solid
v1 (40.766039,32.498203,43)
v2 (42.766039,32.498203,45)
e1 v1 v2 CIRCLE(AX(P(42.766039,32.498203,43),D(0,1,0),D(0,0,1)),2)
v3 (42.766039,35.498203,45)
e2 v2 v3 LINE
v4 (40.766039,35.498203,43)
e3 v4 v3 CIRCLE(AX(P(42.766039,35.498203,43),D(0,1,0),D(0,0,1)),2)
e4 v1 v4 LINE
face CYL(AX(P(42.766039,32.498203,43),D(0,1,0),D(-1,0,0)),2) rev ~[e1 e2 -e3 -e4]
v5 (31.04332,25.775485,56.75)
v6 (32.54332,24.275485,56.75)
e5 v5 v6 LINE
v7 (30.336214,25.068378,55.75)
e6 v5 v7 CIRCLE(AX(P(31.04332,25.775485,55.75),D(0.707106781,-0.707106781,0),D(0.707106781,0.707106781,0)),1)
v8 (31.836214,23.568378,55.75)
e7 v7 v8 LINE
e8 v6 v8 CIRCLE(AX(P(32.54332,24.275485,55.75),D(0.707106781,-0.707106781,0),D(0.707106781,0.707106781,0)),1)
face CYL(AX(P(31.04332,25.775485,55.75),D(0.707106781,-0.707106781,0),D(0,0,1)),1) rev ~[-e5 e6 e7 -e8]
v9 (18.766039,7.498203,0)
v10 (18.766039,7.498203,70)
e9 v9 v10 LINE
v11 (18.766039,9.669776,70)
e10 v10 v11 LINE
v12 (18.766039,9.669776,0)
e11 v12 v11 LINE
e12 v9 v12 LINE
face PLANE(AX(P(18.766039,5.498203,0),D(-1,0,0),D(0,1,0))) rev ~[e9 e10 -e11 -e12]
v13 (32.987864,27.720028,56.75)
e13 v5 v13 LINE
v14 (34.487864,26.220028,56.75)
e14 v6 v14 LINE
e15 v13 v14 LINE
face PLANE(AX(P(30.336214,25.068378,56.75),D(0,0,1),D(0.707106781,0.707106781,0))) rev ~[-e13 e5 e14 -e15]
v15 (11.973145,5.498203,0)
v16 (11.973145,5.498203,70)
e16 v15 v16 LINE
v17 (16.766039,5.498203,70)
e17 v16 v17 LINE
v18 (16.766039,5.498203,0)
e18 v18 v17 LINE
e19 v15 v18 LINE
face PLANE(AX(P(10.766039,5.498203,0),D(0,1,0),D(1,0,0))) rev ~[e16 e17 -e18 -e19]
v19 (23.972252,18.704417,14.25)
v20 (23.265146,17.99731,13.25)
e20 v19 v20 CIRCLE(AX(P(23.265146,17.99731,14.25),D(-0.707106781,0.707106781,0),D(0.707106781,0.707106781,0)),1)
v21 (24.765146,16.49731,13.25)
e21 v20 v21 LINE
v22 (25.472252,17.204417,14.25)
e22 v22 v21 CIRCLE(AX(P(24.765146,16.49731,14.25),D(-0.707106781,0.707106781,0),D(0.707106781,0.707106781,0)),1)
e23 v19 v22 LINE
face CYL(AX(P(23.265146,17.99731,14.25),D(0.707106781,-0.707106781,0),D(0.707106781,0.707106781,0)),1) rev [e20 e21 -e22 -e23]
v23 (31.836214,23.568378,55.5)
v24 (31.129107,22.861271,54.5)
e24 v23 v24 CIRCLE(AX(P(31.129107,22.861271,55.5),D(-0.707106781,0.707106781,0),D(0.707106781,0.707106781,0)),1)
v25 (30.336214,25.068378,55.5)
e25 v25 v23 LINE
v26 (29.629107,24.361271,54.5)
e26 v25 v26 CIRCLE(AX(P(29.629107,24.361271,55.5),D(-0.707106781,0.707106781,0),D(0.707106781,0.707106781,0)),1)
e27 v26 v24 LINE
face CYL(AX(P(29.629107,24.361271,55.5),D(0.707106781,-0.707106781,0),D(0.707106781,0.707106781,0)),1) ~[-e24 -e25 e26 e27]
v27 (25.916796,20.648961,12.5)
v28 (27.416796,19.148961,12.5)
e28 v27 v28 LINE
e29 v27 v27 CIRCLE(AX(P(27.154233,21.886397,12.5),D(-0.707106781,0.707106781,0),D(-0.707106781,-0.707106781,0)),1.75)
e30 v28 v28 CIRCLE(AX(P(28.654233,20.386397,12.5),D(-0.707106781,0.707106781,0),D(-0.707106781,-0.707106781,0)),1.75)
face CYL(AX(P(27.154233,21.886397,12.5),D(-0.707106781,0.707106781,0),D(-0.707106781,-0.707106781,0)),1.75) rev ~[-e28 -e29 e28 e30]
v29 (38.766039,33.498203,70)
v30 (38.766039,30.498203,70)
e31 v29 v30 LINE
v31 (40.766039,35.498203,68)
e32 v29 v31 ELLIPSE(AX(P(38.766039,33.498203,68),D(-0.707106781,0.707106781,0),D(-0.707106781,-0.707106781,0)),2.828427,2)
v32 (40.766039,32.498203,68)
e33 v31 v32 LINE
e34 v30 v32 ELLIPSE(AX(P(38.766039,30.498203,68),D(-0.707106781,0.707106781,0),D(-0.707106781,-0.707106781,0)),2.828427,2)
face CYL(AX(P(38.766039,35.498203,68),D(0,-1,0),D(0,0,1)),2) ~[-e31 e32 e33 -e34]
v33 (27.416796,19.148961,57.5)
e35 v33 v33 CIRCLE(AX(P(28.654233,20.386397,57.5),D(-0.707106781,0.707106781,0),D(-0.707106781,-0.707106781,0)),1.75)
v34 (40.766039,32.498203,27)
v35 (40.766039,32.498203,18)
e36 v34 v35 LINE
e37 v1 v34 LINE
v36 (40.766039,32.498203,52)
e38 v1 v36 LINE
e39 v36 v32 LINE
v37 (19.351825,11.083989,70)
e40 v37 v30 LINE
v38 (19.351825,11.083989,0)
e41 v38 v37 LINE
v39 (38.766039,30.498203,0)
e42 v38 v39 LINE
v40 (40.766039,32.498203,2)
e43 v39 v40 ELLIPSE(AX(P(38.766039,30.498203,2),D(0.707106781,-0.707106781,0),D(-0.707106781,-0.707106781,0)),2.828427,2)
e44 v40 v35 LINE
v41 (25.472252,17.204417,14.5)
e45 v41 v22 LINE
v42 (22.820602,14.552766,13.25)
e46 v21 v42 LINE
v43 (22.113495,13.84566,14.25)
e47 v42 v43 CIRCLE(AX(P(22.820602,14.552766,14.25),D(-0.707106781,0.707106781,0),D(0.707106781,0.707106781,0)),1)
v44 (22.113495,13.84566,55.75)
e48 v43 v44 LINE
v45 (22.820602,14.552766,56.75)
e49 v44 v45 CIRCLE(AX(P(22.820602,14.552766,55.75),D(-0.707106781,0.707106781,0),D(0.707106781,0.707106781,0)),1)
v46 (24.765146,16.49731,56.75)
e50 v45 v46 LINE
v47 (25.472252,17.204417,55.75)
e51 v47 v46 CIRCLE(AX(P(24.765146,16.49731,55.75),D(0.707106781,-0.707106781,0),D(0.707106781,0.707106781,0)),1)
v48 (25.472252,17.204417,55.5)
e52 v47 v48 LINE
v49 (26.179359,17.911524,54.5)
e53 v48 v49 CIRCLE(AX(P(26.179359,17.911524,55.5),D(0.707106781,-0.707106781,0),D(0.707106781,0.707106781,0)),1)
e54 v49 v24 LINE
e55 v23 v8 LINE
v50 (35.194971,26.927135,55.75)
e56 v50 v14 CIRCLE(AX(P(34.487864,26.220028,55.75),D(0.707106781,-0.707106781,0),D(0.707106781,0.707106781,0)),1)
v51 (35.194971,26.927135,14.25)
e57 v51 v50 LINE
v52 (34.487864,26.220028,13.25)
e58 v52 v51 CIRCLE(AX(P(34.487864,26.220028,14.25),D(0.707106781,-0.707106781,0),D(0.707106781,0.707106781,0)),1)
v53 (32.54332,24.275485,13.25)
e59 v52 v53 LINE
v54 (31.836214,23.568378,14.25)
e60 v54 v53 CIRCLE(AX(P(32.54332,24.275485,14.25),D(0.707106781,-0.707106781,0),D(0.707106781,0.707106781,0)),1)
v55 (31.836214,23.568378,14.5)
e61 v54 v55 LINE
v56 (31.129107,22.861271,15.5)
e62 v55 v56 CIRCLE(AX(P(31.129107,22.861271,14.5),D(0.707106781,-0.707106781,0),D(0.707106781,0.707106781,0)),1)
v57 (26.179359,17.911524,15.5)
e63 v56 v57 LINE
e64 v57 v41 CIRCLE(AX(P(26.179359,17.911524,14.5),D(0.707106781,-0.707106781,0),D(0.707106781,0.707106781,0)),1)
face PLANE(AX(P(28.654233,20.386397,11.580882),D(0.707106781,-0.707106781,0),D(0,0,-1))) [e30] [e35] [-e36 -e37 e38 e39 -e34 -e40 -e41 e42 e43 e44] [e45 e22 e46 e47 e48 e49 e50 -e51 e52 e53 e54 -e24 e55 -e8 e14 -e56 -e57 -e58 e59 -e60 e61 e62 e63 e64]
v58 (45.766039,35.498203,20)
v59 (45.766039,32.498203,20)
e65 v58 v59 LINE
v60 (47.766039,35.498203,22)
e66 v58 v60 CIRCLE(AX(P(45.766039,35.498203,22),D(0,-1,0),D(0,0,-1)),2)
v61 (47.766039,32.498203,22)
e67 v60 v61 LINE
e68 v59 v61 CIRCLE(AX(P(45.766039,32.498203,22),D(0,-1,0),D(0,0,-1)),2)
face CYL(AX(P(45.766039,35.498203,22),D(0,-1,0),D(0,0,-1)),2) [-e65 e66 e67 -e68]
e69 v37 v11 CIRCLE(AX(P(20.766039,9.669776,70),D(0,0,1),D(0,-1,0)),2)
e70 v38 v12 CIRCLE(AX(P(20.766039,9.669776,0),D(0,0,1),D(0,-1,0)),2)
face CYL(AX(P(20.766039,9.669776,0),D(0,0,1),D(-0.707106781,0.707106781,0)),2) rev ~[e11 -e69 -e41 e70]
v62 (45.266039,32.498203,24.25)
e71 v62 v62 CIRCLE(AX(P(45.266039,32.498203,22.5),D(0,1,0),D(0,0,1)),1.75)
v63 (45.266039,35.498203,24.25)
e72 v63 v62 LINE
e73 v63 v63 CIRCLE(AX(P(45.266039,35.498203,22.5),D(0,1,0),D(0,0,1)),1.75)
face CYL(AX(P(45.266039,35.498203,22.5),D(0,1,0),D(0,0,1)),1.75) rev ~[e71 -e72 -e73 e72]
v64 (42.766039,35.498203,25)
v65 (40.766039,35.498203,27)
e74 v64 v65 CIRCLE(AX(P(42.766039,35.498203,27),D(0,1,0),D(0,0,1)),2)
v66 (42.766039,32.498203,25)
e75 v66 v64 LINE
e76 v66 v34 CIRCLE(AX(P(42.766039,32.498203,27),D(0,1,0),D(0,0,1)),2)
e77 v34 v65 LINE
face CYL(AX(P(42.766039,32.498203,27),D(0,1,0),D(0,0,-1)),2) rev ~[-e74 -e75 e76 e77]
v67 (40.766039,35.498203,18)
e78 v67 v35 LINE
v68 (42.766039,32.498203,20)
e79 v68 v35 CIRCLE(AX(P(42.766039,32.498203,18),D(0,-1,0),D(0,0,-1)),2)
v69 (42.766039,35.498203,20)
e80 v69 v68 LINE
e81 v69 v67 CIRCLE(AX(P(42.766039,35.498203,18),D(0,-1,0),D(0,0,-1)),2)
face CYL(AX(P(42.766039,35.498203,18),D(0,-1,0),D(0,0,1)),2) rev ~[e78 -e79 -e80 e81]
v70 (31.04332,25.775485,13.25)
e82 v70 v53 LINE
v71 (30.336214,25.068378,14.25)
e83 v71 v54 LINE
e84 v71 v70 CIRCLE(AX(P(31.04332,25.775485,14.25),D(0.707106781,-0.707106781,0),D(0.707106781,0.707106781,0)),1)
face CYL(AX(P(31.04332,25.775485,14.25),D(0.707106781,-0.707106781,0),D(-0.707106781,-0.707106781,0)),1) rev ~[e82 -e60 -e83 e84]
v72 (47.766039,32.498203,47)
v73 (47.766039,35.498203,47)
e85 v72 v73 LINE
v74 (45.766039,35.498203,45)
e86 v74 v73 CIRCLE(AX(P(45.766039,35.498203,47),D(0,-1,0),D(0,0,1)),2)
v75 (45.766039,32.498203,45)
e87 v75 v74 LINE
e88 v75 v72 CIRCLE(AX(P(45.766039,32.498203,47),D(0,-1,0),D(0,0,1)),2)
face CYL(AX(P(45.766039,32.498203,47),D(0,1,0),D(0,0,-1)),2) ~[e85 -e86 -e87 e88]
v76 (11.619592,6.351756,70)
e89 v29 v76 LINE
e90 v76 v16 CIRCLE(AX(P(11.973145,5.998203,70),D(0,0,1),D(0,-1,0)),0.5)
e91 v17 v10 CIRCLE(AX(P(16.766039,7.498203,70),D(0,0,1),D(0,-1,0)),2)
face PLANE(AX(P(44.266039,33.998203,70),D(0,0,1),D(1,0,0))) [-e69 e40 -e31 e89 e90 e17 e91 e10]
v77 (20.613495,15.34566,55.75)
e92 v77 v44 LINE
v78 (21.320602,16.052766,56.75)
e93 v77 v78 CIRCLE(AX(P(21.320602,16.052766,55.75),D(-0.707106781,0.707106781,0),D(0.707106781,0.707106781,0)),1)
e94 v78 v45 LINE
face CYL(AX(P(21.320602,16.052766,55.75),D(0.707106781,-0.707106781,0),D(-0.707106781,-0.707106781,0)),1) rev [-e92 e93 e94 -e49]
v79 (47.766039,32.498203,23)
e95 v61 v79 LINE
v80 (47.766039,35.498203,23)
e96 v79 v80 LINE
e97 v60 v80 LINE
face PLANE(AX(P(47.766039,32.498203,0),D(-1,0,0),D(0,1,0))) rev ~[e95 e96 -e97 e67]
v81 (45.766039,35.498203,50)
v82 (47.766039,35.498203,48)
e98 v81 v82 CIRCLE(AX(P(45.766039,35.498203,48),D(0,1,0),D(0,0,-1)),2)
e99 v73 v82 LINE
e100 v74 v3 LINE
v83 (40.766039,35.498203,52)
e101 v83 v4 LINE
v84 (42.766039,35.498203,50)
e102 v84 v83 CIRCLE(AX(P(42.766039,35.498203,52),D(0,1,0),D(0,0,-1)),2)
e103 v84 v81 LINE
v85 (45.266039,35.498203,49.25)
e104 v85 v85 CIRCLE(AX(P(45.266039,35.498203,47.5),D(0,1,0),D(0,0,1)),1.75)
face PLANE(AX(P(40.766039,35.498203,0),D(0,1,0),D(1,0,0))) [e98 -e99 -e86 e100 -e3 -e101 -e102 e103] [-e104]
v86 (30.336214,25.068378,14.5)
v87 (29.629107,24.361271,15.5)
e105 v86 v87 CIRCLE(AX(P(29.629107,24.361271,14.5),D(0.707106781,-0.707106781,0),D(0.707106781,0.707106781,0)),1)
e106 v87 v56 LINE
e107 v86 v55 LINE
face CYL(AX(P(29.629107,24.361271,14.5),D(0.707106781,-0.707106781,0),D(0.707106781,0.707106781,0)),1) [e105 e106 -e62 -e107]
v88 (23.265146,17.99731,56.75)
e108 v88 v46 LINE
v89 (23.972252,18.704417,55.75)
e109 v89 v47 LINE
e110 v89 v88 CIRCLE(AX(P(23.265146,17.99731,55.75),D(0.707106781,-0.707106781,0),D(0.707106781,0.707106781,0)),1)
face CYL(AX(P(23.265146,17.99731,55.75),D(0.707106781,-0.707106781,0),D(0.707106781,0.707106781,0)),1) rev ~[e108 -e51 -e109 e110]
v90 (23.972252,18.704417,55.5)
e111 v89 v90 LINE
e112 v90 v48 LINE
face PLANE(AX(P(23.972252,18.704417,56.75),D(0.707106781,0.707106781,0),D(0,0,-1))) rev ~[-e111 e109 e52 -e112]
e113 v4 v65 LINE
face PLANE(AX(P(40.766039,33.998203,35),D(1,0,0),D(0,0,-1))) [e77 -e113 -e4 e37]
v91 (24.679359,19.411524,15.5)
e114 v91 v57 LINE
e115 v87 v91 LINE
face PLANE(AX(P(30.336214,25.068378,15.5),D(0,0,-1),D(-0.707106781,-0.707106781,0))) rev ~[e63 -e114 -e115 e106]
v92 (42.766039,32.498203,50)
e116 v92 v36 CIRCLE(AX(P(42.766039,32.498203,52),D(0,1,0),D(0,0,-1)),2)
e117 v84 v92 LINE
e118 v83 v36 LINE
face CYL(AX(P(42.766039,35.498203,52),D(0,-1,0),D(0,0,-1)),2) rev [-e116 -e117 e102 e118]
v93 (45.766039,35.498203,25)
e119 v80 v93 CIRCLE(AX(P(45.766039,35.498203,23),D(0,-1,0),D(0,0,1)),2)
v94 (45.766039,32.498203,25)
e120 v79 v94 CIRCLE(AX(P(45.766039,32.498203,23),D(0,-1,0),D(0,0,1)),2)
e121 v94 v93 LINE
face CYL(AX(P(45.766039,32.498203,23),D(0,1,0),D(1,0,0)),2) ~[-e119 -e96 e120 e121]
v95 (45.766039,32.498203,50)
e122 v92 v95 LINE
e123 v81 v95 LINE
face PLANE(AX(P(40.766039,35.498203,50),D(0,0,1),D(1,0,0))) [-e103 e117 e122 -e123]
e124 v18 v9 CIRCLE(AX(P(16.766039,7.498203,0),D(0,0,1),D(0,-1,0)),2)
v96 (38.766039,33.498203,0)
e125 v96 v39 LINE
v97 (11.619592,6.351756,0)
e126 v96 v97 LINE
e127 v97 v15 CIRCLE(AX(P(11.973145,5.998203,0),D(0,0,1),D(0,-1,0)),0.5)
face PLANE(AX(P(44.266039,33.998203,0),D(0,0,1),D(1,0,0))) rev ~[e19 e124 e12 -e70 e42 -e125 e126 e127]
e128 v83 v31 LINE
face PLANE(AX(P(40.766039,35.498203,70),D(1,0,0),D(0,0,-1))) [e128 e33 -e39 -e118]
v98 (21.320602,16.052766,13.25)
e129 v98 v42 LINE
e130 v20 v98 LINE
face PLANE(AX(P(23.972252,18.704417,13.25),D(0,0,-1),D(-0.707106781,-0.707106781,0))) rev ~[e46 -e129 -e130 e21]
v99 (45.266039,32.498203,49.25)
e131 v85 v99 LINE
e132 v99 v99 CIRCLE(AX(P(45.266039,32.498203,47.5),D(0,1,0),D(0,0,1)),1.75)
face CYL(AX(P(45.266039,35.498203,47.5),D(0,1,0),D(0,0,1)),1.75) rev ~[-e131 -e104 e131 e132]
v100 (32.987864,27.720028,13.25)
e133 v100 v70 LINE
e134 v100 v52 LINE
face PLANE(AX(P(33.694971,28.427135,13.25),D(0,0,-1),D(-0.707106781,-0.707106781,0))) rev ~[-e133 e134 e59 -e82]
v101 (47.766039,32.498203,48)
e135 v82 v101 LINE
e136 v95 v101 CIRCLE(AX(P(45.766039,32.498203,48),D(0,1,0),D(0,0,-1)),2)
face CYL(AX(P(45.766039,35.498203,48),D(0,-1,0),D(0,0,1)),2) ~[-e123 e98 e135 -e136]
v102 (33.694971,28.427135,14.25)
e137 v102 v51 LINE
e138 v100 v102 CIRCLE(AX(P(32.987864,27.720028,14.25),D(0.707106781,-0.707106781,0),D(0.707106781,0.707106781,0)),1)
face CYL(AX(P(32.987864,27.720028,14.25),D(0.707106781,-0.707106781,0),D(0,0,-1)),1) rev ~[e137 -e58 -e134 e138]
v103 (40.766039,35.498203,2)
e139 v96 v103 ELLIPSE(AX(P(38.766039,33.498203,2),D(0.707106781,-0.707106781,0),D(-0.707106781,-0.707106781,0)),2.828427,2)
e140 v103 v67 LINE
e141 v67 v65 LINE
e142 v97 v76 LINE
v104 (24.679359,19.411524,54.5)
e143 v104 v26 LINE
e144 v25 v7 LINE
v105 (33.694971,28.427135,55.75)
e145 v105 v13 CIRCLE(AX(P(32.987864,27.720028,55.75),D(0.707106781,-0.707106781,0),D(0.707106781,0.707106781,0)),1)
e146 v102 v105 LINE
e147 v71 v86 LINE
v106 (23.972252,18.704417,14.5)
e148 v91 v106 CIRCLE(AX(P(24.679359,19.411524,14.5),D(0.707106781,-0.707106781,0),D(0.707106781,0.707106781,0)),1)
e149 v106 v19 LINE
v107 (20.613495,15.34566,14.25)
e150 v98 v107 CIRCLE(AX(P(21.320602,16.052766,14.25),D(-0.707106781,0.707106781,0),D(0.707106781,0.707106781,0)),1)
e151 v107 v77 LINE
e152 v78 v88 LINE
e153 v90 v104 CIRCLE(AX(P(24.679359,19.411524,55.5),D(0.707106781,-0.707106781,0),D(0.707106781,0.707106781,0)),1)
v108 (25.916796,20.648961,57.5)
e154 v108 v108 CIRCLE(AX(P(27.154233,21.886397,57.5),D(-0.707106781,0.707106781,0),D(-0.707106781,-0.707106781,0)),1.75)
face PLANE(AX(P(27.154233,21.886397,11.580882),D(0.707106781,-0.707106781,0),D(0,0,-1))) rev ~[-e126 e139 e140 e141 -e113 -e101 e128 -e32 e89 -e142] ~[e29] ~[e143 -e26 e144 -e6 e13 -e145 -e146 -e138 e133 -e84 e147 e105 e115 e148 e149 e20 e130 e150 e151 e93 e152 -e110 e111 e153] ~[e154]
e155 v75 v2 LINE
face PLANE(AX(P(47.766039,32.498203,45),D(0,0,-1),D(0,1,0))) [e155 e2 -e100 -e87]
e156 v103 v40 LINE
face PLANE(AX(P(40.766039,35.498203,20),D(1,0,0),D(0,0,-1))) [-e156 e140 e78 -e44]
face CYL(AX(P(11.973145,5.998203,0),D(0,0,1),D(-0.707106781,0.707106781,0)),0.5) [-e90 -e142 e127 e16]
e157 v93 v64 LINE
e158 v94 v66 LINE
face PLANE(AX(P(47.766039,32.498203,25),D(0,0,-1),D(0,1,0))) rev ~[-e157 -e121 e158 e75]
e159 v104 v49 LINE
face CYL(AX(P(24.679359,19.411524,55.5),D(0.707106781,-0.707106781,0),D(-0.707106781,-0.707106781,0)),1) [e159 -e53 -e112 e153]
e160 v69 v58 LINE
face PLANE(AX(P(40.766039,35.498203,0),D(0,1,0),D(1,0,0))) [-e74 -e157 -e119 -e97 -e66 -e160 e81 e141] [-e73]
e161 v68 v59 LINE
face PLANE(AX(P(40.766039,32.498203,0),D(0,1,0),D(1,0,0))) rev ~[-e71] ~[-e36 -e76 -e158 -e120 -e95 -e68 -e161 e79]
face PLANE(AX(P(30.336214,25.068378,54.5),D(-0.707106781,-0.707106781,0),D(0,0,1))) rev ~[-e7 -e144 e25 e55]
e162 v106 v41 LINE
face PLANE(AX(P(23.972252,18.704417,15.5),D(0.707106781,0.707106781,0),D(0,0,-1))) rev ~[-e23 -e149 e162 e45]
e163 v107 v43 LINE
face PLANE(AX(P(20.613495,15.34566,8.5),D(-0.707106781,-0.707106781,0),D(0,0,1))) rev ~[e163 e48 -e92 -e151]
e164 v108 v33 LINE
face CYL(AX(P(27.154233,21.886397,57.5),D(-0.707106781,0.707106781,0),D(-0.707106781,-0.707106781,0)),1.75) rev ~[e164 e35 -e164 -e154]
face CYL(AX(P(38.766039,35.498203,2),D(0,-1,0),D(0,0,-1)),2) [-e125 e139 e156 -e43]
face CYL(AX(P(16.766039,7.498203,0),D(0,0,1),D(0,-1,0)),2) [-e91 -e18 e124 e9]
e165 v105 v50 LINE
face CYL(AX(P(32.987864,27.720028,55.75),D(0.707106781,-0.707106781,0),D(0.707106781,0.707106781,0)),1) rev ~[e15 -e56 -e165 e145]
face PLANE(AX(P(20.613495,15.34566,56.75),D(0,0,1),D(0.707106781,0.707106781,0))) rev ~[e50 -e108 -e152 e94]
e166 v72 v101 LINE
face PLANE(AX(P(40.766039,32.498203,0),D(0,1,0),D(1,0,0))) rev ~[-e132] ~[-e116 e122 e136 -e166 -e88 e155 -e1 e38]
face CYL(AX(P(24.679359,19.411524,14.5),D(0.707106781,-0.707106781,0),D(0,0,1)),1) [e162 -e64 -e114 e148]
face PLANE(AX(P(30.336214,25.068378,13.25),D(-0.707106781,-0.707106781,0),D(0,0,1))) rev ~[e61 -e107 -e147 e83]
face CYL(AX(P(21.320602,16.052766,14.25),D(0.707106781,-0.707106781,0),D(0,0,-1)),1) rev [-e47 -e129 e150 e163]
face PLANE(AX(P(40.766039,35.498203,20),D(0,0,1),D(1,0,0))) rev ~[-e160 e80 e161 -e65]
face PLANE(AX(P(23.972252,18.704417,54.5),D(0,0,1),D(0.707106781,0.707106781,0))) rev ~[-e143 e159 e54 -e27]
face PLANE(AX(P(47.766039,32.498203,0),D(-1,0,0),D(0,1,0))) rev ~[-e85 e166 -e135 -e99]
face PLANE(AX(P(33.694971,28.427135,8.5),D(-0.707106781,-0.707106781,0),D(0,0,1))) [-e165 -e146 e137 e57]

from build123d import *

# Parameters (mm, degrees)
SKETCH_1_W          = 7
SKETCH_1_H          = 3
EXTRUDE_1_DEPTH     = 70
SKETCH_2_R          = 1.75
CUT_EXTRUDE_1_DEPTH = 70
SKETCH_3_W          = 7
SKETCH_3_H          = 20
CUT_EXTRUDE_2_DEPTH = 70
FILLET_1_R          = 2
FILLET_3_R          = 2
FILLET_4_R          = 2
FILLET_5_R          = 2
SKETCH_4_W          = 20
SKETCH_4_H          = 3
CUT_EXTRUDE_3_DEPTH = 7
FILLET_6_R          = 2
FILLET_7_R          = 0.5
SKETCH_5_W          = 53
SKETCH_5_H          = 18.5
CUT_EXTRUDE_4_DEPTH = 8
SKETCH_7_R          = 1.75
EXTRUDE_3_DEPTH     = 2.121320344
FILLET_9_R          = 1


with BuildPart() as part:
    # 草图1 → 凸台-拉伸1 (new body)
    with BuildSketch(Plane.XY):
        with Locations((44.266038526, 33.998202963)):
            Rectangle(SKETCH_1_W, SKETCH_1_H)
        Polygon((40.766038526, 32.498202963), (40.766038526, 35.498202963), (10.766038526, 5.498202963), (13.766038526, 5.498202963), (18.766038526, 10.498202963), align=None)
        Polygon((18.766038526, 5.498202963), (18.766038526, 10.498202963), (13.766038526, 5.498202963), align=None)
    extrude(amount=EXTRUDE_1_DEPTH)

    # 草图2 → 切除-拉伸1 (cut)
    with BuildSketch(Plane(origin=(0, 35.498202963, 0), x_dir=(1, 0, 0), z_dir=(0, 1, 0))):
        with Locations(Location((45.266038526, -22.5, 0), (0, 0, 270))):
            Circle(SKETCH_2_R)
        with Locations(Location((45.266038526, -47.5, 0), (0, 0, 270))):
            Circle(SKETCH_2_R)
    extrude(amount=-CUT_EXTRUDE_1_DEPTH, mode=Mode.SUBTRACT)

    # 草图3 → 切除-拉伸2 (cut)
    with BuildSketch(Plane(origin=(0, 35.498202963, 0), x_dir=(1, 0, 0), z_dir=(0, 1, 0))):
        with Locations((44.266038526, -10)):
            Rectangle(SKETCH_3_W, SKETCH_3_H)
        with Locations((44.266038526, -60)):
            Rectangle(SKETCH_3_W, SKETCH_3_H)
    extrude(amount=-CUT_EXTRUDE_2_DEPTH, mode=Mode.SUBTRACT)

    # 圆角1
    fillet_1_edges = [part.edges().sort_by_distance(p)[0] for p in [
        (40.766038526, 33.998202963, 20),
        (40.766038526, 33.998202963, 50),
    ]]
    fillet(fillet_1_edges, radius=FILLET_1_R)

    # 圆角3
    fillet_3_edges = [part.edges().sort_by_distance(p)[0] for p in [
        (40.766038526, 33.998202963, 0),
        (40.766038526, 33.998202963, 70),
    ]]
    fillet(fillet_3_edges, radius=FILLET_3_R)

    # 圆角4
    fillet_4_edges = [part.edges().sort_by_distance(p)[0] for p in [
        (18.766038526, 10.498202963, 35),
        (18.766038526, 5.498202963, 35),
    ]]
    fillet(fillet_4_edges, radius=FILLET_4_R)

    # 圆角5
    fillet_5_edges = [part.edges().sort_by_distance(p)[0] for p in [
        (47.766038526, 33.998202963, 20),
        (47.766038526, 33.998202963, 50),
    ]]
    fillet(fillet_5_edges, radius=FILLET_5_R)

    # 草图4 → 切除-拉伸3 (cut)
    with BuildSketch(Plane(origin=(47.766038526, 0, 0), x_dir=(0, 0, -1), z_dir=(1, 0, 0))):
        with Locations((-35, 33.998202963)):
            Rectangle(SKETCH_4_W, SKETCH_4_H)
    extrude(amount=-CUT_EXTRUDE_3_DEPTH, mode=Mode.SUBTRACT)

    # 圆角6
    fillet_6_edges = [part.edges().sort_by_distance(p)[0] for p in [
        (40.766038526, 33.998202963, 45),
        (40.766038526, 33.998202963, 25),
        (47.766038526, 33.998202963, 45),
        (47.766038526, 33.998202963, 25),
    ]]
    fillet(fillet_6_edges, radius=FILLET_6_R)

    # 圆角7
    fillet_7_edges = [part.edges().sort_by_distance(p)[0] for p in [
        (10.766038526, 5.498202963, 35),
    ]]
    fillet(fillet_7_edges, radius=FILLET_7_R)

    # 草图5 → 切除-拉伸4 (cut)
    with BuildSketch(Plane(origin=(2.633917782, -2.633917782, 0), x_dir=(0, 0, 1), z_dir=(-0.7071067811865477, 0.7071067811865475, 0))):
        with Locations((35, 34.676962319)):
            Rectangle(SKETCH_5_W, SKETCH_5_H)
    extrude(amount=-CUT_EXTRUDE_4_DEPTH, mode=Mode.SUBTRACT)

    # 草图7 → 凸台-拉伸3 (add)
    # profile 1 of 2: a face of its own
    with BuildSketch(Plane(origin=(2.633917782, -2.633917782, 0), x_dir=(0, 0, 1), z_dir=(-0.7071067811865477, 0.7071067811865475, 0))):
        Polygon((13.25, 39.176962319), (15.5, 39.176962319), (15.5, 30.176962319), (13.25, 30.176962319), (13.25, 25.426962319), (8.5, 25.426962319), (8.5, 43.926962319), (13.25, 43.926962319), align=None)
        with Locations(Location((12.5, 34.676962319, 0), (0, 0, 270))):
            Circle(SKETCH_7_R, mode=Mode.SUBTRACT)
    # profile 2 of 2: a face of its own
    with BuildSketch(Plane(origin=(2.633917782, -2.633917782, 0), x_dir=(0, 0, 1), z_dir=(-0.7071067811865477, 0.7071067811865475, 0))):
        Polygon((56.75, 30.176962319), (54.5, 30.176962319), (54.5, 39.176962319), (56.75, 39.176962319), (56.75, 43.926962319), (61.5, 43.926962319), (61.5, 35.176962319), (61.5, 25.426962319), (56.75, 25.426962319), align=None)
        with Locations(Location((57.5, 34.676962319, 0), (0, 0, 270))):
            Circle(SKETCH_7_R, mode=Mode.SUBTRACT)
    extrude(amount=-EXTRUDE_3_DEPTH)

    # 圆角9
    fillet_9_edges = [part.edges().sort_by_distance(p)[0] for p in [
        (34.444970714, 27.677135151, 13.25),
        (31.086213504, 24.31837794, 13.25),
        (31.086213504, 24.31837794, 15.5),
        (24.722252473, 17.954416909, 15.5),
        (24.722252473, 17.954416909, 13.25),
        (21.363495262, 14.595659699, 13.25),
        (21.363495262, 14.595659699, 56.75),
        (24.722252473, 17.954416909, 56.75),
        (24.722252473, 17.954416909, 54.5),
        (31.086213504, 24.31837794, 54.5),
        (31.086213504, 24.31837794, 56.75),
        (34.444970714, 27.677135151, 56.75),
    ]]
    fillet(fillet_9_edges, radius=FILLET_9_R)


solid = part.part
